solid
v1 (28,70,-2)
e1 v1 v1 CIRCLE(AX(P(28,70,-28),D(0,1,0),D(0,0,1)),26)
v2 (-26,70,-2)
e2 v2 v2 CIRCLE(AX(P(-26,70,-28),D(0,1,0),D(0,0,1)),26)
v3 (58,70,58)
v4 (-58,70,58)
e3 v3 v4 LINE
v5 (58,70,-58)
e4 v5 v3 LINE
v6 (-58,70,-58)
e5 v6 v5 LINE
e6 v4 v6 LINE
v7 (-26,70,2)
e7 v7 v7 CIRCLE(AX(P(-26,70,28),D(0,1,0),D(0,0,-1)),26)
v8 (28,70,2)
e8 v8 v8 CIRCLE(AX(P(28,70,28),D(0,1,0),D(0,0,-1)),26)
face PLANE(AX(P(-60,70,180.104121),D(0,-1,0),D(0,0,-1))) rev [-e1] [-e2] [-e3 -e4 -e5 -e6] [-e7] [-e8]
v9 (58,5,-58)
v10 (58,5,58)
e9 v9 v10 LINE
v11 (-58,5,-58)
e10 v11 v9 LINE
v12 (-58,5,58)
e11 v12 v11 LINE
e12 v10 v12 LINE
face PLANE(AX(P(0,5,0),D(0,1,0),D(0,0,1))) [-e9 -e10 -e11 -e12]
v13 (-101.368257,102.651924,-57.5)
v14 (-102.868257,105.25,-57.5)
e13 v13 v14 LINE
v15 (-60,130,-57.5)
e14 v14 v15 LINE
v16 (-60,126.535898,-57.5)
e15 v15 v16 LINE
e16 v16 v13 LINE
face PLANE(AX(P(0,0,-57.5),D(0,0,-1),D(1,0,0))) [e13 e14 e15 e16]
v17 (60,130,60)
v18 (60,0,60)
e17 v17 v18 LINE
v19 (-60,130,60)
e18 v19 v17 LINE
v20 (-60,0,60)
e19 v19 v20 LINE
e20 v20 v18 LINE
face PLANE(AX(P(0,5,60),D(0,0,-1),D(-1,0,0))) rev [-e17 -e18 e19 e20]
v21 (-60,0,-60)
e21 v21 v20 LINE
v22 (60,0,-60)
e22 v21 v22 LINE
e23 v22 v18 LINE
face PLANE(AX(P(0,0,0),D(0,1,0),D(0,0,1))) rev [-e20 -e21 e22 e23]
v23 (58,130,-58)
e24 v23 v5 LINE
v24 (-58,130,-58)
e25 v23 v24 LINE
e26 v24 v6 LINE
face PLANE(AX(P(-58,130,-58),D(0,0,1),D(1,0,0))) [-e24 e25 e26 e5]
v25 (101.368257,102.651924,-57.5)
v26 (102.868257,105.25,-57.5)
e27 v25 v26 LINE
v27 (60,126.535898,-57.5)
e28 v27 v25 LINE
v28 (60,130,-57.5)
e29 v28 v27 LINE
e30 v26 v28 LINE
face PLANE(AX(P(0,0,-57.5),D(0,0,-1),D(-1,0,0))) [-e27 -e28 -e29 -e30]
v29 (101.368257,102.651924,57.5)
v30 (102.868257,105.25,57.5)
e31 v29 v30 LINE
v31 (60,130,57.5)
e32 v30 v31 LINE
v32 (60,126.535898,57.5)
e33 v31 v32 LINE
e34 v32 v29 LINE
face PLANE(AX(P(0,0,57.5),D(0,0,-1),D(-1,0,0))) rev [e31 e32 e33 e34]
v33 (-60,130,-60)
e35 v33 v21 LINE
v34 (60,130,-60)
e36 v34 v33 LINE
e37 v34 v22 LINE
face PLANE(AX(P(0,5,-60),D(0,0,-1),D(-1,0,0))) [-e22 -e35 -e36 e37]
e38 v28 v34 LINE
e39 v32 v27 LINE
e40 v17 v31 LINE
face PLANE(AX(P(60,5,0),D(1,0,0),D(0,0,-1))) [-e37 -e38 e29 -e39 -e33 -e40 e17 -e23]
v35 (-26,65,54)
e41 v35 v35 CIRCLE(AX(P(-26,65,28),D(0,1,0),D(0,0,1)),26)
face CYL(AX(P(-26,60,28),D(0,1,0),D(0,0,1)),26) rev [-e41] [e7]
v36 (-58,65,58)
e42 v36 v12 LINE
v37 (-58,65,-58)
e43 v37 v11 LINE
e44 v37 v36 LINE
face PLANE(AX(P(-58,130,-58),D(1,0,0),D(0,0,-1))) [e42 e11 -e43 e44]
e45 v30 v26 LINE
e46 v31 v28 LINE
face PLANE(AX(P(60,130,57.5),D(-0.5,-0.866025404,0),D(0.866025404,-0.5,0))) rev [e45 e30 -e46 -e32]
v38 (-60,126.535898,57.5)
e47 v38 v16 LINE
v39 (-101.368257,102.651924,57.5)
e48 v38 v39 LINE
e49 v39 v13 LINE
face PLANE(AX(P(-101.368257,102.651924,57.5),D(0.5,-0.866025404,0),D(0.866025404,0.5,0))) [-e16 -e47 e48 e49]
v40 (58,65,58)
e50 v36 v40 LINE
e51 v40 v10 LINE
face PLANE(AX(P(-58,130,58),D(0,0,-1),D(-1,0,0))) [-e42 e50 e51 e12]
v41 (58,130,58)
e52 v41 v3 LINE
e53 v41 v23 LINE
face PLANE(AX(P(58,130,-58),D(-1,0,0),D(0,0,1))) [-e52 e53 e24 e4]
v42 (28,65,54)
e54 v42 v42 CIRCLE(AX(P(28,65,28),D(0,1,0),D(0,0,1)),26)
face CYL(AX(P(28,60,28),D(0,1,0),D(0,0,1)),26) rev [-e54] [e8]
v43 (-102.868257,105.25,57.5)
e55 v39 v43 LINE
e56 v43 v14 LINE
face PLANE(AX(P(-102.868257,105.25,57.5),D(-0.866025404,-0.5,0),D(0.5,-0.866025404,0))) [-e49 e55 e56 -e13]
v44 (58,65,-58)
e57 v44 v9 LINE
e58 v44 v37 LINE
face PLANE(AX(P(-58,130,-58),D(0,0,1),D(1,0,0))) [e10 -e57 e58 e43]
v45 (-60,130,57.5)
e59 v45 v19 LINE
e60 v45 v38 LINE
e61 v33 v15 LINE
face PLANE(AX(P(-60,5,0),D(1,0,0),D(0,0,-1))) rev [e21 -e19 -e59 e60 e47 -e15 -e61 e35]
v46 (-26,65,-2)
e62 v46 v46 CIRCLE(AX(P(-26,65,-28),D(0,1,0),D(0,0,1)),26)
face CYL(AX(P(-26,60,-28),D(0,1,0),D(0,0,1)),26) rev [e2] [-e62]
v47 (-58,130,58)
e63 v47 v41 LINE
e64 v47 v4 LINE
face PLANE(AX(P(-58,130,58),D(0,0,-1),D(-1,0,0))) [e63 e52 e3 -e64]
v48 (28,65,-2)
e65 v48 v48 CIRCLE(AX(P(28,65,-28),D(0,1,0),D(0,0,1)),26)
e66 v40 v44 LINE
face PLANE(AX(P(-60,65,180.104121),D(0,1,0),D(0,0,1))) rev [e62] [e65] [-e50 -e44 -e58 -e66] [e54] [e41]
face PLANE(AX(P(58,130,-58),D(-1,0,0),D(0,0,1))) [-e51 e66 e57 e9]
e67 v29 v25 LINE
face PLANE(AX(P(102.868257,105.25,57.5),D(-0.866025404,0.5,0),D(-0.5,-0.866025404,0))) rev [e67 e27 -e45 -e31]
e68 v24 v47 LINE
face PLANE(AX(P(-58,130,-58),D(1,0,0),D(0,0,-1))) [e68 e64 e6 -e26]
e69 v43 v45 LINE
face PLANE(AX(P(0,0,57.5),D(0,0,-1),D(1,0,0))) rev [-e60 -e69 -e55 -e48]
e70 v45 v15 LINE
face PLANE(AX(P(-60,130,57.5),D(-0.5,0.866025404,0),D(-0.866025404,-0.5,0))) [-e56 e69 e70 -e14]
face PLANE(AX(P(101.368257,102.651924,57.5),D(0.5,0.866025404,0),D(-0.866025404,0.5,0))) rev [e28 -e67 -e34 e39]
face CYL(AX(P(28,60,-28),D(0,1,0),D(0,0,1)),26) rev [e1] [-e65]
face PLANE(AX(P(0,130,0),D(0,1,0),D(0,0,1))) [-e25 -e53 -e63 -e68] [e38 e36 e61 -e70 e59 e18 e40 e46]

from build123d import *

# Parameters (mm, degrees)
SKETCH1_W           = 120
SKETCH1_H           = 120
BOSS_EXTRUDE1_DEPTH = 5
SKETCH1_3_W         = 120
SKETCH1_3_H         = 120
SKETCH1_3_W_2       = 116
SKETCH1_3_H_2       = 116
BOSS_EXTRUDE2_DEPTH = 130
BOSS_EXTRUDE3_DEPTH = 57.5
SKETCH4_W           = 120
SKETCH4_H           = 5
BOSS_EXTRUDE4_DEPTH = 118
SKETCH5_R           = 26
CUT_EXTRUDE1_DEPTH  = 10


with BuildPart() as part:
    # Sketch1 → Boss-Extrude1 (new body)
    with BuildSketch(Plane(origin=(0, 0, 0), x_dir=(1, 0, 0), z_dir=(0, 1, 0))):
        Rectangle(SKETCH1_W, SKETCH1_H)
    extrude(amount=BOSS_EXTRUDE1_DEPTH)

    # Sketch1<3> → Boss-Extrude2 (add)
    with BuildSketch(Plane(origin=(0, 0, 0), x_dir=(1, 0, 0), z_dir=(0, 1, 0))):
        Rectangle(SKETCH1_3_W, SKETCH1_3_H)
        Rectangle(SKETCH1_3_W_2, SKETCH1_3_H_2, mode=Mode.SUBTRACT)
    extrude(amount=BOSS_EXTRUDE2_DEPTH)

    # Sketch2 → Boss-Extrude3 (add, symmetric)
    with BuildSketch(Plane.XY):
        Polygon((60, 130), (102.868257487, 105.25), (101.368257487, 102.651923789), (60, 126.535898385), align=None)
    boss_extrude3 = extrude(amount=BOSS_EXTRUDE3_DEPTH, both=True)

    # Mirror1: Boss-Extrude3 across plane
    add(boss_extrude3.mirror(Plane(origin=(0, 0, 0), x_dir=(0, 0, 1), z_dir=(1, 0, 0))))

    # Sketch4 → Boss-Extrude4 (add)
    with BuildSketch(Plane.XY.offset(-58)):
        with Locations((0, 67.5)):
            Rectangle(SKETCH4_W, SKETCH4_H)
    extrude(amount=BOSS_EXTRUDE4_DEPTH)

    # Sketch5 → Cut-Extrude1 (cut)
    with BuildSketch(Plane(origin=(0, 70, 0), x_dir=(1, 0, 0), z_dir=(0, 1, 0))):
        with Locations((28, 28)):
            Circle(SKETCH5_R)
        with Locations((-26, 28)):
            Circle(SKETCH5_R)
        with Locations((28, -28)):
            Circle(SKETCH5_R)
        with Locations((-26, -28)):
            Circle(SKETCH5_R)
    extrude(amount=-CUT_EXTRUDE1_DEPTH, mode=Mode.SUBTRACT)


solid = part.part
